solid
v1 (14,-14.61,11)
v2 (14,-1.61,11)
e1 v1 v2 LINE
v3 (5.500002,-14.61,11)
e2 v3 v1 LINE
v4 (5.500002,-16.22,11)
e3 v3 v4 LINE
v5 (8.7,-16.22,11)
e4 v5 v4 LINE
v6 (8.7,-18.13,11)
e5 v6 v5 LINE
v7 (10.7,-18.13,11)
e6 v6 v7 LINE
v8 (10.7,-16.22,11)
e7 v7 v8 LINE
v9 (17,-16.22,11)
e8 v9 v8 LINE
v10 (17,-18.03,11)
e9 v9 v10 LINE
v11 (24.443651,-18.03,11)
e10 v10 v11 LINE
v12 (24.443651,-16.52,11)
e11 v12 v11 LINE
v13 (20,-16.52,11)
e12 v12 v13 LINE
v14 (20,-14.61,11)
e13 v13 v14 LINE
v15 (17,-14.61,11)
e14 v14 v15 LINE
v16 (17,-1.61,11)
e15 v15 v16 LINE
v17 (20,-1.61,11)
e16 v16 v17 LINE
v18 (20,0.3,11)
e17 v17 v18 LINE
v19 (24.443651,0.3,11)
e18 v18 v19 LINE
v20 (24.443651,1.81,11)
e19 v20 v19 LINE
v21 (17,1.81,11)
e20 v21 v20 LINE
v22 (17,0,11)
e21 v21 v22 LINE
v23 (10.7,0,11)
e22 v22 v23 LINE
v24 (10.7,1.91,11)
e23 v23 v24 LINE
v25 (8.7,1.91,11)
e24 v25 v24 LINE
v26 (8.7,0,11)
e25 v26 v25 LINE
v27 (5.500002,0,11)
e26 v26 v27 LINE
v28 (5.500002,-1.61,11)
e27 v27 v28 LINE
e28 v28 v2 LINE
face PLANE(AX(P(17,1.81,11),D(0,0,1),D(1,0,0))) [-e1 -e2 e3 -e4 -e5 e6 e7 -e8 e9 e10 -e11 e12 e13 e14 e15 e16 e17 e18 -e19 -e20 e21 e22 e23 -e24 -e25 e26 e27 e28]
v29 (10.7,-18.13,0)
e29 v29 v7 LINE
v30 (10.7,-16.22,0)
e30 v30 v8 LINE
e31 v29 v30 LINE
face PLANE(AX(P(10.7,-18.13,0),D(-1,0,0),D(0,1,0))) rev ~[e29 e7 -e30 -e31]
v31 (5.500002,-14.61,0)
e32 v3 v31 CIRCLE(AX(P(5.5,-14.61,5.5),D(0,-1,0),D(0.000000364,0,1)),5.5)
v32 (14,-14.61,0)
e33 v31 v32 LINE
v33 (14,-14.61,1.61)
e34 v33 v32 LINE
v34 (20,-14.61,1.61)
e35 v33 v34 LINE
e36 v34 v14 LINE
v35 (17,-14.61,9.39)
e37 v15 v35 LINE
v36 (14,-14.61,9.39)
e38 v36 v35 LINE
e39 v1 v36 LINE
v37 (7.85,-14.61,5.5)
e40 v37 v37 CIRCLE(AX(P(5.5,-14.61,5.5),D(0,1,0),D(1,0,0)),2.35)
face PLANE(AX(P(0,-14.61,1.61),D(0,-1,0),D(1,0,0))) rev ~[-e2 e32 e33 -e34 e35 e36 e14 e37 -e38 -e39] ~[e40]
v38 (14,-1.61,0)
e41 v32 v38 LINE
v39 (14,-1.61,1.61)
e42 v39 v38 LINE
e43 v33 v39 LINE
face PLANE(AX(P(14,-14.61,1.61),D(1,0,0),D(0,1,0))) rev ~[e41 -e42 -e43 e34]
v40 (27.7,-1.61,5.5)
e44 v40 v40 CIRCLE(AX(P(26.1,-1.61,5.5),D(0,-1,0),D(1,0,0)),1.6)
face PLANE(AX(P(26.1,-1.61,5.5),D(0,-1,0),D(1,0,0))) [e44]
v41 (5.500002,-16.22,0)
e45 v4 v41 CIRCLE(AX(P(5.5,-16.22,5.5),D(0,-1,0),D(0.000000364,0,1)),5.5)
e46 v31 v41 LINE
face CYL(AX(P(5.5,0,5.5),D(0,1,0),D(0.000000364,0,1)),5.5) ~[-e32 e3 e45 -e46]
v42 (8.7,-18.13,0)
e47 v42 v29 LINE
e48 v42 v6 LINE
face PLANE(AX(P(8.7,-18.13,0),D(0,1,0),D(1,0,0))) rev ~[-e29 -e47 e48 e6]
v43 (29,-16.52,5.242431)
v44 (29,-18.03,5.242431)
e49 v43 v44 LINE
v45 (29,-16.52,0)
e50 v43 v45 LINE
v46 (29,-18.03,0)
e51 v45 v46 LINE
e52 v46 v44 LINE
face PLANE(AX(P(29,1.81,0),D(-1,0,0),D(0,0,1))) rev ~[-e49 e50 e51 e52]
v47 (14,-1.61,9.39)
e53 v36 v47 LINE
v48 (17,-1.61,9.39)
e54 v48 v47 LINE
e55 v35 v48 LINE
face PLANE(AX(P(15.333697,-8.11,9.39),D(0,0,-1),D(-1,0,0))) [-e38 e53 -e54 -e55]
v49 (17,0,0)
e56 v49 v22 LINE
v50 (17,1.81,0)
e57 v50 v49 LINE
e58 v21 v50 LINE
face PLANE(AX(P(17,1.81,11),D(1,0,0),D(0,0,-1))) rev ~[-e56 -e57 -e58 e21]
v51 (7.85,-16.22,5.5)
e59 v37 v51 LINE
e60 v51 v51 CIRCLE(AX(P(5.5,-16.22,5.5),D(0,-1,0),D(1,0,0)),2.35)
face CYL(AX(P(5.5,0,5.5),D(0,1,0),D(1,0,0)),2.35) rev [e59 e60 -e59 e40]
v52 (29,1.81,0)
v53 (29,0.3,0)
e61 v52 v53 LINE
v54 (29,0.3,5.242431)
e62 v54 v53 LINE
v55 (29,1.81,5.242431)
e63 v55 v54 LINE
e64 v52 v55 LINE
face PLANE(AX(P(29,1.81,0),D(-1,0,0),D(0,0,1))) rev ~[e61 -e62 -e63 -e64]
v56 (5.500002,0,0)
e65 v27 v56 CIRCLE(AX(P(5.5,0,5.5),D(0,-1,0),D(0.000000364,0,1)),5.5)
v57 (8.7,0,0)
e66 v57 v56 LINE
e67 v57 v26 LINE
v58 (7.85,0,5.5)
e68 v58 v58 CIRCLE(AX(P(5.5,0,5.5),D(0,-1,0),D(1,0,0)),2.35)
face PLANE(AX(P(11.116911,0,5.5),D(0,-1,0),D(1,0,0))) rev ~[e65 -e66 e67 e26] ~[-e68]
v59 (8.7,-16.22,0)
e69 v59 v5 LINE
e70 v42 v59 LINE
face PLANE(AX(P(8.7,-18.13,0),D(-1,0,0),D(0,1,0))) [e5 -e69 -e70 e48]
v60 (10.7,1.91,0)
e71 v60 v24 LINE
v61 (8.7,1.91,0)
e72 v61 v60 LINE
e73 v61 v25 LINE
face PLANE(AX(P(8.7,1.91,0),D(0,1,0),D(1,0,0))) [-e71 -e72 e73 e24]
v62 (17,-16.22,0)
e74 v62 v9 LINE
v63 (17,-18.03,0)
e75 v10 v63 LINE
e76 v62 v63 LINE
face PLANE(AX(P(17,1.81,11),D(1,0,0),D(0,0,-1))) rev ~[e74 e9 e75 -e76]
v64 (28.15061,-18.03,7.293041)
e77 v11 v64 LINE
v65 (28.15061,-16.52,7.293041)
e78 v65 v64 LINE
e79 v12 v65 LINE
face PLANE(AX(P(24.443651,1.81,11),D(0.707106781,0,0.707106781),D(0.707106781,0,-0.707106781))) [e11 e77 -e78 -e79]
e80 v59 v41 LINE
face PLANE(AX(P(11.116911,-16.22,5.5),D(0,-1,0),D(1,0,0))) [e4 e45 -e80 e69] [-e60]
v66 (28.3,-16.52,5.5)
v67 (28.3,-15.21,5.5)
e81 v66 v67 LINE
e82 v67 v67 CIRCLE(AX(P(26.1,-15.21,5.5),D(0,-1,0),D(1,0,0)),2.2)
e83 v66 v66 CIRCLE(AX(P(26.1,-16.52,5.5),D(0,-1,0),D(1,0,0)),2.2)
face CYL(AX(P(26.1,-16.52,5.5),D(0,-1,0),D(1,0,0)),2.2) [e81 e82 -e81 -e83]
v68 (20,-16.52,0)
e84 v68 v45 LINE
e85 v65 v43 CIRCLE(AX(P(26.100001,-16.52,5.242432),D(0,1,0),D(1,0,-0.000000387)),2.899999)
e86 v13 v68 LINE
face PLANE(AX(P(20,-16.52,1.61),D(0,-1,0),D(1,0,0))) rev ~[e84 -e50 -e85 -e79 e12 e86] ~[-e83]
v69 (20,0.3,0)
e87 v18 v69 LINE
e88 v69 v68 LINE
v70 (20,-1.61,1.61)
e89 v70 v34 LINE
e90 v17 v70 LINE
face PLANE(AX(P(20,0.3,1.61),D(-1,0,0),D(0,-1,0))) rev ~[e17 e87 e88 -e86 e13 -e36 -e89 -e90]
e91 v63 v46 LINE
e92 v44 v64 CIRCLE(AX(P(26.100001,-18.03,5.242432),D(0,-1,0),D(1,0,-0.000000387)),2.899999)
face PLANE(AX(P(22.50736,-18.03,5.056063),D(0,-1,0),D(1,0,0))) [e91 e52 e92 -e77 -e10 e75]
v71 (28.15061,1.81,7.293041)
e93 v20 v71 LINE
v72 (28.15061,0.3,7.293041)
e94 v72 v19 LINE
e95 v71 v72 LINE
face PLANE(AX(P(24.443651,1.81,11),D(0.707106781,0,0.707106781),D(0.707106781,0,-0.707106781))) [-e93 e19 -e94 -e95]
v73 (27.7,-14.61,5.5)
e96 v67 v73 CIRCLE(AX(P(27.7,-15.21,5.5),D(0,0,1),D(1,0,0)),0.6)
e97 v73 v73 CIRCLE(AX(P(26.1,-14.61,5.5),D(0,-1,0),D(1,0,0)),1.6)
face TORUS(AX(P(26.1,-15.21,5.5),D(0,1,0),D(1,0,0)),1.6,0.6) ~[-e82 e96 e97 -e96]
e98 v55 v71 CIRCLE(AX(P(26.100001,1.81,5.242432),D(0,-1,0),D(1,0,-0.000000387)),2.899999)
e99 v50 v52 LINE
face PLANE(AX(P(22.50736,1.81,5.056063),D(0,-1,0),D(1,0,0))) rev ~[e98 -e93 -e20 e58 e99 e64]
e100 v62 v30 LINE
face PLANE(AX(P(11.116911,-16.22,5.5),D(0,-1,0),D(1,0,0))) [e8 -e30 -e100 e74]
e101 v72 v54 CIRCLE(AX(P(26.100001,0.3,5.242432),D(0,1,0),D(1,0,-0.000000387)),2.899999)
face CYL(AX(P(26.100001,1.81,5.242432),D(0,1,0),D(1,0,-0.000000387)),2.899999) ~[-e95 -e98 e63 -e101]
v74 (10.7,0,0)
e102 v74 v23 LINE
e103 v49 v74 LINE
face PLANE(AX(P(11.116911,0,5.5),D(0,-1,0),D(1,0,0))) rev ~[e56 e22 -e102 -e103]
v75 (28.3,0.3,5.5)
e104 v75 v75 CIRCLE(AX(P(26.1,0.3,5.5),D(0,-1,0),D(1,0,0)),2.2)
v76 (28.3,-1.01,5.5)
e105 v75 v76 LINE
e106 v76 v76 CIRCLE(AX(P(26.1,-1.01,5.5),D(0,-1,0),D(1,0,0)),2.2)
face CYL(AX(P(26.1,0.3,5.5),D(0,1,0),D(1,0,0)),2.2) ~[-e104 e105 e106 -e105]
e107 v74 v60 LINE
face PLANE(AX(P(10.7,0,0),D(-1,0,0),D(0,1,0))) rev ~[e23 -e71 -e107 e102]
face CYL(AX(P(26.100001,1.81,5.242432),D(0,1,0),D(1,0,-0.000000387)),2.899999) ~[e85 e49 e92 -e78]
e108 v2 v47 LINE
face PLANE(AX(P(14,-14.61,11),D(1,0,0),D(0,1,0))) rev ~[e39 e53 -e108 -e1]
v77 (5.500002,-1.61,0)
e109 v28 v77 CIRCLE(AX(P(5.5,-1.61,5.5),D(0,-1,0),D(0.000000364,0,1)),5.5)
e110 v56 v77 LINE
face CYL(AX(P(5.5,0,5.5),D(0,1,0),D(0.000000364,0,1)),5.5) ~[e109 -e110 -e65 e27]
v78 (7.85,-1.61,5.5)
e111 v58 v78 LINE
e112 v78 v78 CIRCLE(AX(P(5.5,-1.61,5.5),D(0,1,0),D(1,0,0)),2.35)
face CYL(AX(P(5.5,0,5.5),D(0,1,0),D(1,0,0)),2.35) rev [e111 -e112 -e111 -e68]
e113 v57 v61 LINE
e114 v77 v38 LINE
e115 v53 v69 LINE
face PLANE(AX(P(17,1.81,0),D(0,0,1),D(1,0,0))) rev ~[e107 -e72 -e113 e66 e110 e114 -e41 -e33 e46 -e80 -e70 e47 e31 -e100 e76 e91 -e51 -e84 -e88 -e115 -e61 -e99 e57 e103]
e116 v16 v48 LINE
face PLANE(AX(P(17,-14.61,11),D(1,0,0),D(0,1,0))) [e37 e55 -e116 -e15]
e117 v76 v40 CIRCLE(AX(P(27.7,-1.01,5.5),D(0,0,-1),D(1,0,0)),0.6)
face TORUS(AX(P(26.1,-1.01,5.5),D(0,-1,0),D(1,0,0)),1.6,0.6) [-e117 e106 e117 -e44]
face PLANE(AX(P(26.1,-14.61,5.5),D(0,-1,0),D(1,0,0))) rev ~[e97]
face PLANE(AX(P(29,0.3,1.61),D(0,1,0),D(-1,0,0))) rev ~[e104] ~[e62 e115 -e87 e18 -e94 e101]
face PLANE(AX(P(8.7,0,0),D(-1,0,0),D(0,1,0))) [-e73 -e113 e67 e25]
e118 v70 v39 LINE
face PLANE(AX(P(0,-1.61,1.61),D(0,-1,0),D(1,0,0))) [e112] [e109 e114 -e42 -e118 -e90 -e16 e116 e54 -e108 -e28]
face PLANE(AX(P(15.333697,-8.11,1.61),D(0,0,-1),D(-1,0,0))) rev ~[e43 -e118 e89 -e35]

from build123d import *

# Parameters (mm, degrees)
SKETCH_R        = 2.35
PAD_DEPTH       = 16.22
PAD001_DEPTH    = 19.84
SKETCH010_W     = 14
SKETCH010_H     = 13
POCKET_DEPTH    = 1.611
POCKET001_DEPTH = 7.78
SKETCH012_W     = 14
SKETCH012_H     = 13
POCKET002_DEPTH = 1.61
SKETCH013_W     = 2
SKETCH013_H     = 1.91
PAD002_DEPTH    = 11
SKETCH014_R     = 2.2
PAD003_DEPTH    = 1.91
SKETCH015_R     = 2.2
PAD004_DEPTH    = 1.91
FILLET_R        = 0.6


with BuildPart() as part:
    # Sketch → Pad (new body)
    with BuildSketch(Plane.XZ):
        with BuildLine():
            Line((20, 0), (20, 11))
            Line((20, 11), (5.500002, 11))
            ThreePointArc((5.500002, 11), (0, 5.5), (5.500002, 0))
            Line((20, 0), (5.500002, 0))
        make_face()
        with Locations((5.5, 5.5)):
            Circle(SKETCH_R, mode=Mode.SUBTRACT)
    extrude(amount=PAD_DEPTH)

    # Sketch009 → Pad001 (join)
    with BuildSketch(Plane.XZ.offset(-1.81)):
        with BuildLine():
            Line((17, 0), (29, 0))
            Line((29, 0), (29, 5.242431))
            ThreePointArc((29, 5.242431), (28.779251, 6.352213), (28.15061, 7.293041))
            Line((24.443651, 11), (28.15061, 7.293041))
            Line((17, 11), (24.443651, 11))
            Line((17, 11), (17, 0))
        make_face()
    extrude(amount=PAD001_DEPTH)

    # Sketch010 → Pocket (cut, through all)
    with BuildSketch(Plane.XY.offset(1.61)):
        Polygon((20, -1.61), (20, -14.61), (20, -16.52), (29, -16.52), (29, 0.3), (20, 0.3), align=None)
        with Locations((7, -8.11)):
            Rectangle(SKETCH010_W, SKETCH010_H)
    extrude(amount=-POCKET_DEPTH, mode=Mode.SUBTRACT)

    # Sketch011 → Pocket001 (cut)
    with BuildSketch(Plane.XY.offset(9.39)):
        Polygon((0, -14.61), (0, -1.61), (14, -1.61), (20, -1.61), (20, 0.3), (29, 0.3), (29, -16.52), (20, -16.52), (20, -14.61), (14, -14.61), align=None)
    extrude(amount=-POCKET001_DEPTH, mode=Mode.SUBTRACT)

    # Sketch012 → Pocket002 (cut)
    with BuildSketch(Plane.XY.offset(11)):
        with Locations((7, -8.11)):
            Rectangle(SKETCH012_W, SKETCH012_H)
        Polygon((20, 0.3), (29, 0.3), (29, -16.52), (20, -16.52), (20, -14.61), (17, -14.61), (17, -1.61), (20, -1.61), align=None)
    extrude(amount=-POCKET002_DEPTH, mode=Mode.SUBTRACT)

    # Sketch013 → Pad002 (join)
    with BuildSketch(Plane.XY):
        with Locations((9.7, 0.955)):
            Rectangle(SKETCH013_W, SKETCH013_H)
        with Locations((9.7, -17.175)):
            Rectangle(SKETCH013_W, SKETCH013_H)
    extrude(amount=PAD002_DEPTH)

    # Sketch014 → Pad003 (join)
    with BuildSketch(Plane.XZ.offset(-0.3)):
        with Locations((26.1, 5.5)):
            Circle(SKETCH014_R)
    extrude(amount=PAD003_DEPTH)

    # Sketch015 → Pad004 (join)
    with BuildSketch(Plane.XZ.offset(16.52)):
        with Locations((26.1, 5.5)):
            Circle(SKETCH015_R)
    extrude(amount=-PAD004_DEPTH)

    # Fillet
    fillet_edges = [part.edges().sort_by_distance(p)[0] for p in [
        (23.9, -1.61, 5.5),
        (23.9, -14.61, 5.5),
    ]]
    fillet(fillet_edges, radius=FILLET_R)


solid = part.part
